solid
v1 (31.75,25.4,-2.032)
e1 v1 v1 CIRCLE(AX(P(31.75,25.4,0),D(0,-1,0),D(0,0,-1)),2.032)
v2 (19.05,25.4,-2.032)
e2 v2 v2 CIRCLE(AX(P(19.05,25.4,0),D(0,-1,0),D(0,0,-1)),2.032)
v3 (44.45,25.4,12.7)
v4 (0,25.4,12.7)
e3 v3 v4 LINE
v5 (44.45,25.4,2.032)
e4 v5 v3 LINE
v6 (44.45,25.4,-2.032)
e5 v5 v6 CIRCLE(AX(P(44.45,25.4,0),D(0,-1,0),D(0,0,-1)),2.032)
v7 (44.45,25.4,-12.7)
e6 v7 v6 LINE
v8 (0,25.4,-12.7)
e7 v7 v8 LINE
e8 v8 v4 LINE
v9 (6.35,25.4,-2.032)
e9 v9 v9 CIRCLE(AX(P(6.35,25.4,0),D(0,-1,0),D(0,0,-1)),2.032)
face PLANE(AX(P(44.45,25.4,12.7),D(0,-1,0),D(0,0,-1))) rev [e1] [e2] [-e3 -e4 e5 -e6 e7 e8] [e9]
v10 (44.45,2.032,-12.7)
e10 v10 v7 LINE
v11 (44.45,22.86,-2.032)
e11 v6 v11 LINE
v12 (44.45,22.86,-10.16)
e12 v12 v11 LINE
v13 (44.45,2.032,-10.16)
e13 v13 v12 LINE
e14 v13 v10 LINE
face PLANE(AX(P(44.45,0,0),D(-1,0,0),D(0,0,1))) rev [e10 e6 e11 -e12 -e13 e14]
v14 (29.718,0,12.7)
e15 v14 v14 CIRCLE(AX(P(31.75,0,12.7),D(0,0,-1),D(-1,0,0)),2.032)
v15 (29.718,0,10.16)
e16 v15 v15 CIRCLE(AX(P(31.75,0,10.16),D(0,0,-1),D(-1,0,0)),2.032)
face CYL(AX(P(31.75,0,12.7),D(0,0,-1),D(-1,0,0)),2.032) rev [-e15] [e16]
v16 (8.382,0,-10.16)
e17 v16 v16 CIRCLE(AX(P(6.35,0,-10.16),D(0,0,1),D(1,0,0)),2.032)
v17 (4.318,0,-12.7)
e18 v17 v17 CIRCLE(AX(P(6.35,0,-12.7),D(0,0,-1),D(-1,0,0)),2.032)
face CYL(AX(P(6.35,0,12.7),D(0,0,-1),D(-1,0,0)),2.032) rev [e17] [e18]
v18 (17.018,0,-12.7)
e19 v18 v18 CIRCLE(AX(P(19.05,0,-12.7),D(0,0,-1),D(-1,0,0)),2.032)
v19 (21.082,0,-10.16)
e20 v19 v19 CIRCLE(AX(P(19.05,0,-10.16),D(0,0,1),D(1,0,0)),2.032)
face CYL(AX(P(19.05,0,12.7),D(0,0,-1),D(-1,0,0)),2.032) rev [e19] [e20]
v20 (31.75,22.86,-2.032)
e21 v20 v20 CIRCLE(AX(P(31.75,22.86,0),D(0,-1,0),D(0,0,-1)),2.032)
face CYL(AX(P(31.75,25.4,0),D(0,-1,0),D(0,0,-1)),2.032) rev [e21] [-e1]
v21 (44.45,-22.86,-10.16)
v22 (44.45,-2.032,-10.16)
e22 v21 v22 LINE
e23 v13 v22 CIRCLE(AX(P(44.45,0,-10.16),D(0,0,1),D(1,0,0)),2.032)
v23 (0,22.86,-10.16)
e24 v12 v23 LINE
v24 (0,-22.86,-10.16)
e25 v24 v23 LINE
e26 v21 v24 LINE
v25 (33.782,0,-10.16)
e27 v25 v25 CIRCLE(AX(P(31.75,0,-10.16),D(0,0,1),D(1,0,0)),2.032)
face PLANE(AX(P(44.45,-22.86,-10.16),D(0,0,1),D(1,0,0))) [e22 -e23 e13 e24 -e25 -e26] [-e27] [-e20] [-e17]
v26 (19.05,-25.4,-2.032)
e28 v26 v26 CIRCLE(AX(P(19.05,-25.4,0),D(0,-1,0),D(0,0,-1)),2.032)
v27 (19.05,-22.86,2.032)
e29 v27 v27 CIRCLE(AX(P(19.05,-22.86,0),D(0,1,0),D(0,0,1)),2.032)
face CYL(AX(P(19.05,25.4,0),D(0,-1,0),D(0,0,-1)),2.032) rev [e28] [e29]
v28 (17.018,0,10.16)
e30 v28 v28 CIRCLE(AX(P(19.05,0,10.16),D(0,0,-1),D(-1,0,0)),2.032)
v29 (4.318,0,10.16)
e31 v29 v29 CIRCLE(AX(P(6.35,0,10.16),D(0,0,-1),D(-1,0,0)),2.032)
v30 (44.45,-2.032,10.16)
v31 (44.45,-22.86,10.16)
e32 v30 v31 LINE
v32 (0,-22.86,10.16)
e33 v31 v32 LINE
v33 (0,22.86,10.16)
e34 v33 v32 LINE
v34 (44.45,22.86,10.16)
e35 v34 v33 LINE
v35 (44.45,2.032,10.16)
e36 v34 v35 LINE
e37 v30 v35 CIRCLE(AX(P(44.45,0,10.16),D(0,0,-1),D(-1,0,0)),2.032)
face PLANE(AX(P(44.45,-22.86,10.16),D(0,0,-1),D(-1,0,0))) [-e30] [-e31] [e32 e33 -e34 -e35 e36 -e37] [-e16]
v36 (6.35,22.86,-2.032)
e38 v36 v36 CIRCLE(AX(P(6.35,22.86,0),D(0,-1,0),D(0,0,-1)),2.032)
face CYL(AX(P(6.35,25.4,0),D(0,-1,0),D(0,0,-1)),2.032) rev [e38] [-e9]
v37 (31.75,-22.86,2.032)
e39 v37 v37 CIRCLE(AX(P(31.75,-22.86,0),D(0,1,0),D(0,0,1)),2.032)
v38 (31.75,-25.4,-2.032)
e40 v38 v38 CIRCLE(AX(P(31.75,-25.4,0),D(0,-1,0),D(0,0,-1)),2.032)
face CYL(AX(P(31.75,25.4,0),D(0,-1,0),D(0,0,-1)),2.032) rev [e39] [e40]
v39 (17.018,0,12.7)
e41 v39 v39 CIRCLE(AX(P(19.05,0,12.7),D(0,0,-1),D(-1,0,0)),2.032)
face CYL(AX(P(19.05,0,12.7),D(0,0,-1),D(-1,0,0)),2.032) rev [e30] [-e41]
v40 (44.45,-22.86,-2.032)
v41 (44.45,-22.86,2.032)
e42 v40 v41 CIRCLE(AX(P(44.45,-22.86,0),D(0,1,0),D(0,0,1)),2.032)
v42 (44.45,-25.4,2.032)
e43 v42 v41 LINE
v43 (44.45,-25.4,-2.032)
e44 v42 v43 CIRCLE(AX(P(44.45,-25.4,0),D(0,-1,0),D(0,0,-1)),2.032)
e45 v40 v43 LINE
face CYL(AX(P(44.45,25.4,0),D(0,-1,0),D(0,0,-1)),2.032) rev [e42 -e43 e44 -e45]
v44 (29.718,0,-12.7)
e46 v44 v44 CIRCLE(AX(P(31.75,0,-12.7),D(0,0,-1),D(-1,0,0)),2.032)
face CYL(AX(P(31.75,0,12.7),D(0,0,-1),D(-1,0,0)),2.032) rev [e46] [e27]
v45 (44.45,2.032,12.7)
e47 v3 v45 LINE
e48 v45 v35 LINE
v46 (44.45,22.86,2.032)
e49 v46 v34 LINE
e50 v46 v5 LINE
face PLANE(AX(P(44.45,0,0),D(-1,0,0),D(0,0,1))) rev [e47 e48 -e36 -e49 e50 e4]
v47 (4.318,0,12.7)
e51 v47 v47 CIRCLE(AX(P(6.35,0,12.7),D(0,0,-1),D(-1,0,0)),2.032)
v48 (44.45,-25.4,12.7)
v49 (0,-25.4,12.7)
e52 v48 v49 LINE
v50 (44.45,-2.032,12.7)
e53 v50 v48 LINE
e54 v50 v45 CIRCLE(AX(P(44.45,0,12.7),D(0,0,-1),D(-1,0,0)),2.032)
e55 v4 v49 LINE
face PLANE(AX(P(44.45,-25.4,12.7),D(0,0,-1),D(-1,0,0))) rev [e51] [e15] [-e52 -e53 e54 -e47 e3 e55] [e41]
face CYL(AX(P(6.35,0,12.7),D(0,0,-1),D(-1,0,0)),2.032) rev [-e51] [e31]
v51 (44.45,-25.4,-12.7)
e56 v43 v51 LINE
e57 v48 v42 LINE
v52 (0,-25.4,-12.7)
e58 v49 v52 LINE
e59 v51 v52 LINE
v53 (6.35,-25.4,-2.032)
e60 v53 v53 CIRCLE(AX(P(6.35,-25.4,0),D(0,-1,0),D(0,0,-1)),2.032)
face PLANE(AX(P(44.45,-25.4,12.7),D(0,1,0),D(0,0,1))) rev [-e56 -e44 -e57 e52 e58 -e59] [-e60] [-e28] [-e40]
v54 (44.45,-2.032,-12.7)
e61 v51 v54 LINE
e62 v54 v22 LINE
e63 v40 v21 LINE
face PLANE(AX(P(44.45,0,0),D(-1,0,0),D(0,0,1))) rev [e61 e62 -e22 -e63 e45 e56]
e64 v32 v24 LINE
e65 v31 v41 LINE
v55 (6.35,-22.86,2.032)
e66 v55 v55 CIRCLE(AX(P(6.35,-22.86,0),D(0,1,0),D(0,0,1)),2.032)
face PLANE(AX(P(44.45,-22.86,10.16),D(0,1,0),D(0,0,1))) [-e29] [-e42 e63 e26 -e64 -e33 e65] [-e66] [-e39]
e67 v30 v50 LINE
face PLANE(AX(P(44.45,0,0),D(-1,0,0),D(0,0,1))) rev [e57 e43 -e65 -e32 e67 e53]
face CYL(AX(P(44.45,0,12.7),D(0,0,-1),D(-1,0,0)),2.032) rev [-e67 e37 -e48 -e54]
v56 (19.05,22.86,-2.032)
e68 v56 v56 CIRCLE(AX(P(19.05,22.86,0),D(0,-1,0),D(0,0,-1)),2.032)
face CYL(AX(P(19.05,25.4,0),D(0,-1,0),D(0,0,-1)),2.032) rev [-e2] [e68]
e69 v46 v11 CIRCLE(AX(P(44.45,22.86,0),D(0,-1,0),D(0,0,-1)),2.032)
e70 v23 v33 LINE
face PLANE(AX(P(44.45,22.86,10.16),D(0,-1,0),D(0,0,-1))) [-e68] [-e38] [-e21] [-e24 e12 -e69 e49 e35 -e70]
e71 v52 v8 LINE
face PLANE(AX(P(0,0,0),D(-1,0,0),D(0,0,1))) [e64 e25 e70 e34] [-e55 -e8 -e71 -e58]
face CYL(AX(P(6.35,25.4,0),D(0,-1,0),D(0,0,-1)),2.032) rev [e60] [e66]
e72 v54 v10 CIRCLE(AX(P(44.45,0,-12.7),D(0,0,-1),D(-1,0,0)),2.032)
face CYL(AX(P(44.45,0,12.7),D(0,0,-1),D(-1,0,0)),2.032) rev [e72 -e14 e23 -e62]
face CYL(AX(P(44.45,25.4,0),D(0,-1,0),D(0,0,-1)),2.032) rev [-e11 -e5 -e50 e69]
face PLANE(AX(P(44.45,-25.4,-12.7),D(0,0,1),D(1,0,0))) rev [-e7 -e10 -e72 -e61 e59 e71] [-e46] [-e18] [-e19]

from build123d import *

# Parameters (mm, degrees)
SKETCH1_W           = 25.4
SKETCH1_H           = 50.8
SKETCH1_W_2         = 20.32
SKETCH1_H_2         = 45.72
BOSS_EXTRUDE1_DEPTH = 44.45
SKETCH4_R           = 2.032
CUT_EXTRUDE3_DEPTH  = 69.685751798
SKETCH6_R           = 2.032
CUT_EXTRUDE5_DEPTH  = 58.15


with BuildPart() as part:
    # Sketch1 → Boss-Extrude1 (new body)
    with BuildSketch(Plane(origin=(0, 0, 0), x_dir=(0, 0, -1), z_dir=(1, 0, 0))):
        Rectangle(SKETCH1_W, SKETCH1_H)
        Rectangle(SKETCH1_W_2, SKETCH1_H_2, mode=Mode.SUBTRACT)
    extrude(amount=BOSS_EXTRUDE1_DEPTH)

    # Sketch4 → Cut-Extrude3 (cut, through all)
    with BuildSketch(Plane.XZ.offset(25.4)):
        with Locations(Location((6.35, 0, 0), (0, 0, 270))):
            Circle(SKETCH4_R)
        with Locations(Location((19.05, 0, 0), (0, 0, 270))):
            Circle(SKETCH4_R)
        with Locations(Location((31.75, 0, 0), (0, 0, 270))):
            Circle(SKETCH4_R)
        with Locations((44.45, 0)):
            Circle(SKETCH4_R)
        with Locations((57.15, 0)):
            Circle(SKETCH4_R)
        with Locations((69.85, 0)):
            Circle(SKETCH4_R)
    extrude(amount=-CUT_EXTRUDE3_DEPTH, mode=Mode.SUBTRACT)

    # Sketch6 → Cut-Extrude5 (cut, through all)
    with BuildSketch(Plane(origin=(0, 0, -12.7), x_dir=(-1, 0, 0), z_dir=(0, 0, -1))):
        with Locations((-44.45, 0)):
            Circle(SKETCH6_R)
        with Locations((-31.75, 0)):
            Circle(SKETCH6_R)
        with Locations((-19.05, 0)):
            Circle(SKETCH6_R)
        with Locations((-6.35, 0)):
            Circle(SKETCH6_R)
        with Locations((6.35, 0)):
            Circle(SKETCH6_R)
        with Locations((19.05, 0)):
            Circle(SKETCH6_R)
        with Locations((31.75, 0)):
            Circle(SKETCH6_R)
    extrude(amount=-CUT_EXTRUDE5_DEPTH, mode=Mode.SUBTRACT)


solid = part.part
